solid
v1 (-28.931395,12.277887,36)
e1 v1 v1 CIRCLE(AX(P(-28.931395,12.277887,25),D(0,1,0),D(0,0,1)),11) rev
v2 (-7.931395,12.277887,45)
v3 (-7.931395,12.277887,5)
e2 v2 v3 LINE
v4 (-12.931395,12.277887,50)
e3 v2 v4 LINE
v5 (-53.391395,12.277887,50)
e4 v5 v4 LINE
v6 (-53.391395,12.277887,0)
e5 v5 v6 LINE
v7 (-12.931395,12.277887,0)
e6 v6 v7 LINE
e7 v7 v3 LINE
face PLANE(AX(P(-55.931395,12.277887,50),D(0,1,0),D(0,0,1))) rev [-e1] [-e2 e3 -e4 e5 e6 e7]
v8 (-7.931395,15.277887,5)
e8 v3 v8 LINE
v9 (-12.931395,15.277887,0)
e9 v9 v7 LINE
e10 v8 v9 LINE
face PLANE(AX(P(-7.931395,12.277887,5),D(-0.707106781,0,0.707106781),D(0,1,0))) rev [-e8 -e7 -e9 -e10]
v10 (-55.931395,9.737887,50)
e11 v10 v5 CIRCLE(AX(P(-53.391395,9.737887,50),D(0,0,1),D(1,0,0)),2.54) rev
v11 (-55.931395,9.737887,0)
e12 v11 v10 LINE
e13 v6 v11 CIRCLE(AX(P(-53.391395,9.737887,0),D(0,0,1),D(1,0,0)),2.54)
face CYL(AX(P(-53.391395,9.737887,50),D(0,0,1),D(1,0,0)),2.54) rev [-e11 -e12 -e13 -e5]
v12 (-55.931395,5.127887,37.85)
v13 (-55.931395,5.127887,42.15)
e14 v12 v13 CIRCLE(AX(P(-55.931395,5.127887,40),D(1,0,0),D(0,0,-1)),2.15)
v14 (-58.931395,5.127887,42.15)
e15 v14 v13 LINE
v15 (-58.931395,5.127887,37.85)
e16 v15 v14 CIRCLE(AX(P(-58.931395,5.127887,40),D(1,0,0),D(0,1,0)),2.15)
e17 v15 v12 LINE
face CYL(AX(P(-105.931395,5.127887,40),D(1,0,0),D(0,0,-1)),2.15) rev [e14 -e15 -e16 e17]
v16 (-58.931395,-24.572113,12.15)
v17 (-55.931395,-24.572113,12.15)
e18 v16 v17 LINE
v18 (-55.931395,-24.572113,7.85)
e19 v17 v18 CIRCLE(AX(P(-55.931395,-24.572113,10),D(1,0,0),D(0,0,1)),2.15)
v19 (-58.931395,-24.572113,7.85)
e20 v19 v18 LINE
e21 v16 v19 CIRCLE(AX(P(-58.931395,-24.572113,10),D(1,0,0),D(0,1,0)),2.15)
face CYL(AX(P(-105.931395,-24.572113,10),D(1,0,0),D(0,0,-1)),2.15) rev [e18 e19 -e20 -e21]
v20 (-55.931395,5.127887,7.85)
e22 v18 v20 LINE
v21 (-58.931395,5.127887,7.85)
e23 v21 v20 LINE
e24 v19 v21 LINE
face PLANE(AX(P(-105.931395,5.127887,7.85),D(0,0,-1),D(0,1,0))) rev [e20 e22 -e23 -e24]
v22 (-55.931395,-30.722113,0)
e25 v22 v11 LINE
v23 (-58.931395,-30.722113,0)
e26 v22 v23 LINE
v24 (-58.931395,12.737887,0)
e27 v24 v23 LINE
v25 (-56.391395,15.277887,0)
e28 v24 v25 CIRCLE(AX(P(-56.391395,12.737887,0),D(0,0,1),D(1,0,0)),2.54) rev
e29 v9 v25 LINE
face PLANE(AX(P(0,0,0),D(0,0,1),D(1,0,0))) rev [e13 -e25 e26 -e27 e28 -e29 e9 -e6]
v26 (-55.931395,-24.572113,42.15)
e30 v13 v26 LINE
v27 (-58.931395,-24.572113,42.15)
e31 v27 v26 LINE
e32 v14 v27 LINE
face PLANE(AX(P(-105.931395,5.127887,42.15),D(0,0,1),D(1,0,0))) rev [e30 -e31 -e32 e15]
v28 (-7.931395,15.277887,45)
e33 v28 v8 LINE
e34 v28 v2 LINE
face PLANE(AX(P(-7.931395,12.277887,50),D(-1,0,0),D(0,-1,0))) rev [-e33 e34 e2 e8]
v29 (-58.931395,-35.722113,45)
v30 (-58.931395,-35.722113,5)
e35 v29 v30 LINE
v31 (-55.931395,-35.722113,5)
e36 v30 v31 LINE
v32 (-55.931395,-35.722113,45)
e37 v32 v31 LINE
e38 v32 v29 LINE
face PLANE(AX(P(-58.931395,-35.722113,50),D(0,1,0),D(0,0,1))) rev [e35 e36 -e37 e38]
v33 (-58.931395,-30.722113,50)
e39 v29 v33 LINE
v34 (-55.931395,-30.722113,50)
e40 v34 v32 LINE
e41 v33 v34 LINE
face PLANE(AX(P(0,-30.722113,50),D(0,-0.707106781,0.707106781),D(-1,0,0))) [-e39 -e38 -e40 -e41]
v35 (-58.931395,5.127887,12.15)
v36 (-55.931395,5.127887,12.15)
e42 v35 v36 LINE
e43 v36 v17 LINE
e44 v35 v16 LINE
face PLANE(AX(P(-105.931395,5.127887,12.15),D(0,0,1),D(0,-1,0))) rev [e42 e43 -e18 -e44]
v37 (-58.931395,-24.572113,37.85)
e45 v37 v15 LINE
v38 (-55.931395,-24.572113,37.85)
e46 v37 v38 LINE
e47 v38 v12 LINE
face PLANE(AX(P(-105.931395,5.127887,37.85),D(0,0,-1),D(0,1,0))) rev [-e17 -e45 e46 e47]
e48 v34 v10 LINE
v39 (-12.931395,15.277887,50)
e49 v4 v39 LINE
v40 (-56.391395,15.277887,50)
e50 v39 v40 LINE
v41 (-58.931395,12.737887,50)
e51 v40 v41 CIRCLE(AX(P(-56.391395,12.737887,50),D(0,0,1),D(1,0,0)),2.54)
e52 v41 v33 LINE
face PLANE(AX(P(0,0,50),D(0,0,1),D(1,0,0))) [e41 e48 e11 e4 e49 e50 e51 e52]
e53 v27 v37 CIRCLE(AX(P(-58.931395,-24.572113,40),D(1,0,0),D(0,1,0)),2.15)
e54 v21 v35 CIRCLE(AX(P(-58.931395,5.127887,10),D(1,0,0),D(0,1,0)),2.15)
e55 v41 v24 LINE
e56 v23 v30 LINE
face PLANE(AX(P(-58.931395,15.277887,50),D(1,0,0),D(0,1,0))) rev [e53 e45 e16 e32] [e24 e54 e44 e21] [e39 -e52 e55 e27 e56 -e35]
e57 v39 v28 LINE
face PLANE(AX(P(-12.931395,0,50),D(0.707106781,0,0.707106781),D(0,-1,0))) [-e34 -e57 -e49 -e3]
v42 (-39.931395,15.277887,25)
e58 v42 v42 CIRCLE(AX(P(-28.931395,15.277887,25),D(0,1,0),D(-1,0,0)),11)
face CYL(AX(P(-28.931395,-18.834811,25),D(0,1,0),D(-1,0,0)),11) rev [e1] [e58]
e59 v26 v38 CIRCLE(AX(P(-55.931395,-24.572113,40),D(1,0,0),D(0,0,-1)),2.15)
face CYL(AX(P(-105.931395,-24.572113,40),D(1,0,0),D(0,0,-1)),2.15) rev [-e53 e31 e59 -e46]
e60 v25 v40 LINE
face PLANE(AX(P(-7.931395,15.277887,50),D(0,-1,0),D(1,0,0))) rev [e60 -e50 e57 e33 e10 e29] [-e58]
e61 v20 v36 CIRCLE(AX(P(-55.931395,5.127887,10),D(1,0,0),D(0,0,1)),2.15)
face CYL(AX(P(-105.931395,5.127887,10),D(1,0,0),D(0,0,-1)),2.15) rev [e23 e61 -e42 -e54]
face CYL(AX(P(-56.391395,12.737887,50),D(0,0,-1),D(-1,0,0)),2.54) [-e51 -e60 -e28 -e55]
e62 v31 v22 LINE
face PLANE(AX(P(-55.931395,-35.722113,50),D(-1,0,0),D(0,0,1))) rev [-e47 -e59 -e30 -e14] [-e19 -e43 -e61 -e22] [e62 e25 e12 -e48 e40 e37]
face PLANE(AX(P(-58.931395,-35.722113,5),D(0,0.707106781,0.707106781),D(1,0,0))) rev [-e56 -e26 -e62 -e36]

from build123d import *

# Parameters (mm, degrees)
BOSS_EXTRUDE1_DEPTH = 50
CHAMFER1_SIZE       = 5
FILLET1_R           = 2.54
CUT_EXTRUDE1_DEPTH  = 50
SKETCH4_R           = 11
CUT_EXTRUDE2_DEPTH  = 3


with BuildPart() as part:
    # Sketch1 → Boss-Extrude1 (new body)
    with BuildSketch(Plane.XY):
        Polygon((-58.93139542, -35.722112977), (-55.93139542, -35.722112977), (-55.93139542, 12.277887023), (-7.93139542, 12.277887023), (-7.93139542, 15.277887023), (-58.93139542, 15.277887023), align=None)
    extrude(amount=BOSS_EXTRUDE1_DEPTH)

    # Chamfer1
    chamfer1_edges = [part.edges().sort_by_distance(p)[0] for p in [
        (-7.93139542, 13.777887023, 50),
        (-7.93139542, 13.777887023, 0),
        (-57.43139542, -35.722112977, 50),
        (-57.43139542, -35.722112977, 0),
    ]]
    chamfer(chamfer1_edges, length=CHAMFER1_SIZE)

    # Fillet1
    fillet1_edges = [part.edges().sort_by_distance(p)[0] for p in [
        (-58.93139542, 15.277887023, 25),
        (-55.93139542, 12.277887023, 25),
    ]]
    fillet(fillet1_edges, radius=FILLET1_R)

    # Sketch3 → Cut-Extrude1 (cut)
    with BuildSketch(Plane(origin=(-55.93139542, 0, 0), x_dir=(0, 0, -1), z_dir=(1, 0, 0))):
        with BuildLine():
            Line((-37.85, 5.127887023), (-37.85, -24.572112977))
            ThreePointArc((-37.85, -24.572112977), (-40, -26.722112977), (-42.15, -24.572112977))
            Line((-42.15, -24.572112977), (-42.15, 5.127887023))
            ThreePointArc((-42.15, 5.127887023), (-40, 7.277887023), (-37.85, 5.127887023))
        make_face()
        with BuildLine():
            Line((-12.15, 5.127887023), (-12.15, -24.572112977))
            ThreePointArc((-12.15, -24.572112977), (-10, -26.722112977), (-7.85, -24.572112977))
            Line((-7.85, -24.572112977), (-7.85, 5.127887023))
            ThreePointArc((-7.85, 5.127887023), (-10, 7.277887023), (-12.15, 5.127887023))
        make_face()
    extrude(amount=-CUT_EXTRUDE1_DEPTH, mode=Mode.SUBTRACT)

    # Sketch4 → Cut-Extrude2 (cut)
    with BuildSketch(Plane(origin=(0, 15.277887023, 0), x_dir=(1, 0, 0), z_dir=(0, 1, 0))):
        with Locations(Location((-28.93139542, -25, 0), (0, 0, 180))):
            Circle(SKETCH4_R)
    extrude(amount=-CUT_EXTRUDE2_DEPTH, mode=Mode.SUBTRACT)


solid = part.part
